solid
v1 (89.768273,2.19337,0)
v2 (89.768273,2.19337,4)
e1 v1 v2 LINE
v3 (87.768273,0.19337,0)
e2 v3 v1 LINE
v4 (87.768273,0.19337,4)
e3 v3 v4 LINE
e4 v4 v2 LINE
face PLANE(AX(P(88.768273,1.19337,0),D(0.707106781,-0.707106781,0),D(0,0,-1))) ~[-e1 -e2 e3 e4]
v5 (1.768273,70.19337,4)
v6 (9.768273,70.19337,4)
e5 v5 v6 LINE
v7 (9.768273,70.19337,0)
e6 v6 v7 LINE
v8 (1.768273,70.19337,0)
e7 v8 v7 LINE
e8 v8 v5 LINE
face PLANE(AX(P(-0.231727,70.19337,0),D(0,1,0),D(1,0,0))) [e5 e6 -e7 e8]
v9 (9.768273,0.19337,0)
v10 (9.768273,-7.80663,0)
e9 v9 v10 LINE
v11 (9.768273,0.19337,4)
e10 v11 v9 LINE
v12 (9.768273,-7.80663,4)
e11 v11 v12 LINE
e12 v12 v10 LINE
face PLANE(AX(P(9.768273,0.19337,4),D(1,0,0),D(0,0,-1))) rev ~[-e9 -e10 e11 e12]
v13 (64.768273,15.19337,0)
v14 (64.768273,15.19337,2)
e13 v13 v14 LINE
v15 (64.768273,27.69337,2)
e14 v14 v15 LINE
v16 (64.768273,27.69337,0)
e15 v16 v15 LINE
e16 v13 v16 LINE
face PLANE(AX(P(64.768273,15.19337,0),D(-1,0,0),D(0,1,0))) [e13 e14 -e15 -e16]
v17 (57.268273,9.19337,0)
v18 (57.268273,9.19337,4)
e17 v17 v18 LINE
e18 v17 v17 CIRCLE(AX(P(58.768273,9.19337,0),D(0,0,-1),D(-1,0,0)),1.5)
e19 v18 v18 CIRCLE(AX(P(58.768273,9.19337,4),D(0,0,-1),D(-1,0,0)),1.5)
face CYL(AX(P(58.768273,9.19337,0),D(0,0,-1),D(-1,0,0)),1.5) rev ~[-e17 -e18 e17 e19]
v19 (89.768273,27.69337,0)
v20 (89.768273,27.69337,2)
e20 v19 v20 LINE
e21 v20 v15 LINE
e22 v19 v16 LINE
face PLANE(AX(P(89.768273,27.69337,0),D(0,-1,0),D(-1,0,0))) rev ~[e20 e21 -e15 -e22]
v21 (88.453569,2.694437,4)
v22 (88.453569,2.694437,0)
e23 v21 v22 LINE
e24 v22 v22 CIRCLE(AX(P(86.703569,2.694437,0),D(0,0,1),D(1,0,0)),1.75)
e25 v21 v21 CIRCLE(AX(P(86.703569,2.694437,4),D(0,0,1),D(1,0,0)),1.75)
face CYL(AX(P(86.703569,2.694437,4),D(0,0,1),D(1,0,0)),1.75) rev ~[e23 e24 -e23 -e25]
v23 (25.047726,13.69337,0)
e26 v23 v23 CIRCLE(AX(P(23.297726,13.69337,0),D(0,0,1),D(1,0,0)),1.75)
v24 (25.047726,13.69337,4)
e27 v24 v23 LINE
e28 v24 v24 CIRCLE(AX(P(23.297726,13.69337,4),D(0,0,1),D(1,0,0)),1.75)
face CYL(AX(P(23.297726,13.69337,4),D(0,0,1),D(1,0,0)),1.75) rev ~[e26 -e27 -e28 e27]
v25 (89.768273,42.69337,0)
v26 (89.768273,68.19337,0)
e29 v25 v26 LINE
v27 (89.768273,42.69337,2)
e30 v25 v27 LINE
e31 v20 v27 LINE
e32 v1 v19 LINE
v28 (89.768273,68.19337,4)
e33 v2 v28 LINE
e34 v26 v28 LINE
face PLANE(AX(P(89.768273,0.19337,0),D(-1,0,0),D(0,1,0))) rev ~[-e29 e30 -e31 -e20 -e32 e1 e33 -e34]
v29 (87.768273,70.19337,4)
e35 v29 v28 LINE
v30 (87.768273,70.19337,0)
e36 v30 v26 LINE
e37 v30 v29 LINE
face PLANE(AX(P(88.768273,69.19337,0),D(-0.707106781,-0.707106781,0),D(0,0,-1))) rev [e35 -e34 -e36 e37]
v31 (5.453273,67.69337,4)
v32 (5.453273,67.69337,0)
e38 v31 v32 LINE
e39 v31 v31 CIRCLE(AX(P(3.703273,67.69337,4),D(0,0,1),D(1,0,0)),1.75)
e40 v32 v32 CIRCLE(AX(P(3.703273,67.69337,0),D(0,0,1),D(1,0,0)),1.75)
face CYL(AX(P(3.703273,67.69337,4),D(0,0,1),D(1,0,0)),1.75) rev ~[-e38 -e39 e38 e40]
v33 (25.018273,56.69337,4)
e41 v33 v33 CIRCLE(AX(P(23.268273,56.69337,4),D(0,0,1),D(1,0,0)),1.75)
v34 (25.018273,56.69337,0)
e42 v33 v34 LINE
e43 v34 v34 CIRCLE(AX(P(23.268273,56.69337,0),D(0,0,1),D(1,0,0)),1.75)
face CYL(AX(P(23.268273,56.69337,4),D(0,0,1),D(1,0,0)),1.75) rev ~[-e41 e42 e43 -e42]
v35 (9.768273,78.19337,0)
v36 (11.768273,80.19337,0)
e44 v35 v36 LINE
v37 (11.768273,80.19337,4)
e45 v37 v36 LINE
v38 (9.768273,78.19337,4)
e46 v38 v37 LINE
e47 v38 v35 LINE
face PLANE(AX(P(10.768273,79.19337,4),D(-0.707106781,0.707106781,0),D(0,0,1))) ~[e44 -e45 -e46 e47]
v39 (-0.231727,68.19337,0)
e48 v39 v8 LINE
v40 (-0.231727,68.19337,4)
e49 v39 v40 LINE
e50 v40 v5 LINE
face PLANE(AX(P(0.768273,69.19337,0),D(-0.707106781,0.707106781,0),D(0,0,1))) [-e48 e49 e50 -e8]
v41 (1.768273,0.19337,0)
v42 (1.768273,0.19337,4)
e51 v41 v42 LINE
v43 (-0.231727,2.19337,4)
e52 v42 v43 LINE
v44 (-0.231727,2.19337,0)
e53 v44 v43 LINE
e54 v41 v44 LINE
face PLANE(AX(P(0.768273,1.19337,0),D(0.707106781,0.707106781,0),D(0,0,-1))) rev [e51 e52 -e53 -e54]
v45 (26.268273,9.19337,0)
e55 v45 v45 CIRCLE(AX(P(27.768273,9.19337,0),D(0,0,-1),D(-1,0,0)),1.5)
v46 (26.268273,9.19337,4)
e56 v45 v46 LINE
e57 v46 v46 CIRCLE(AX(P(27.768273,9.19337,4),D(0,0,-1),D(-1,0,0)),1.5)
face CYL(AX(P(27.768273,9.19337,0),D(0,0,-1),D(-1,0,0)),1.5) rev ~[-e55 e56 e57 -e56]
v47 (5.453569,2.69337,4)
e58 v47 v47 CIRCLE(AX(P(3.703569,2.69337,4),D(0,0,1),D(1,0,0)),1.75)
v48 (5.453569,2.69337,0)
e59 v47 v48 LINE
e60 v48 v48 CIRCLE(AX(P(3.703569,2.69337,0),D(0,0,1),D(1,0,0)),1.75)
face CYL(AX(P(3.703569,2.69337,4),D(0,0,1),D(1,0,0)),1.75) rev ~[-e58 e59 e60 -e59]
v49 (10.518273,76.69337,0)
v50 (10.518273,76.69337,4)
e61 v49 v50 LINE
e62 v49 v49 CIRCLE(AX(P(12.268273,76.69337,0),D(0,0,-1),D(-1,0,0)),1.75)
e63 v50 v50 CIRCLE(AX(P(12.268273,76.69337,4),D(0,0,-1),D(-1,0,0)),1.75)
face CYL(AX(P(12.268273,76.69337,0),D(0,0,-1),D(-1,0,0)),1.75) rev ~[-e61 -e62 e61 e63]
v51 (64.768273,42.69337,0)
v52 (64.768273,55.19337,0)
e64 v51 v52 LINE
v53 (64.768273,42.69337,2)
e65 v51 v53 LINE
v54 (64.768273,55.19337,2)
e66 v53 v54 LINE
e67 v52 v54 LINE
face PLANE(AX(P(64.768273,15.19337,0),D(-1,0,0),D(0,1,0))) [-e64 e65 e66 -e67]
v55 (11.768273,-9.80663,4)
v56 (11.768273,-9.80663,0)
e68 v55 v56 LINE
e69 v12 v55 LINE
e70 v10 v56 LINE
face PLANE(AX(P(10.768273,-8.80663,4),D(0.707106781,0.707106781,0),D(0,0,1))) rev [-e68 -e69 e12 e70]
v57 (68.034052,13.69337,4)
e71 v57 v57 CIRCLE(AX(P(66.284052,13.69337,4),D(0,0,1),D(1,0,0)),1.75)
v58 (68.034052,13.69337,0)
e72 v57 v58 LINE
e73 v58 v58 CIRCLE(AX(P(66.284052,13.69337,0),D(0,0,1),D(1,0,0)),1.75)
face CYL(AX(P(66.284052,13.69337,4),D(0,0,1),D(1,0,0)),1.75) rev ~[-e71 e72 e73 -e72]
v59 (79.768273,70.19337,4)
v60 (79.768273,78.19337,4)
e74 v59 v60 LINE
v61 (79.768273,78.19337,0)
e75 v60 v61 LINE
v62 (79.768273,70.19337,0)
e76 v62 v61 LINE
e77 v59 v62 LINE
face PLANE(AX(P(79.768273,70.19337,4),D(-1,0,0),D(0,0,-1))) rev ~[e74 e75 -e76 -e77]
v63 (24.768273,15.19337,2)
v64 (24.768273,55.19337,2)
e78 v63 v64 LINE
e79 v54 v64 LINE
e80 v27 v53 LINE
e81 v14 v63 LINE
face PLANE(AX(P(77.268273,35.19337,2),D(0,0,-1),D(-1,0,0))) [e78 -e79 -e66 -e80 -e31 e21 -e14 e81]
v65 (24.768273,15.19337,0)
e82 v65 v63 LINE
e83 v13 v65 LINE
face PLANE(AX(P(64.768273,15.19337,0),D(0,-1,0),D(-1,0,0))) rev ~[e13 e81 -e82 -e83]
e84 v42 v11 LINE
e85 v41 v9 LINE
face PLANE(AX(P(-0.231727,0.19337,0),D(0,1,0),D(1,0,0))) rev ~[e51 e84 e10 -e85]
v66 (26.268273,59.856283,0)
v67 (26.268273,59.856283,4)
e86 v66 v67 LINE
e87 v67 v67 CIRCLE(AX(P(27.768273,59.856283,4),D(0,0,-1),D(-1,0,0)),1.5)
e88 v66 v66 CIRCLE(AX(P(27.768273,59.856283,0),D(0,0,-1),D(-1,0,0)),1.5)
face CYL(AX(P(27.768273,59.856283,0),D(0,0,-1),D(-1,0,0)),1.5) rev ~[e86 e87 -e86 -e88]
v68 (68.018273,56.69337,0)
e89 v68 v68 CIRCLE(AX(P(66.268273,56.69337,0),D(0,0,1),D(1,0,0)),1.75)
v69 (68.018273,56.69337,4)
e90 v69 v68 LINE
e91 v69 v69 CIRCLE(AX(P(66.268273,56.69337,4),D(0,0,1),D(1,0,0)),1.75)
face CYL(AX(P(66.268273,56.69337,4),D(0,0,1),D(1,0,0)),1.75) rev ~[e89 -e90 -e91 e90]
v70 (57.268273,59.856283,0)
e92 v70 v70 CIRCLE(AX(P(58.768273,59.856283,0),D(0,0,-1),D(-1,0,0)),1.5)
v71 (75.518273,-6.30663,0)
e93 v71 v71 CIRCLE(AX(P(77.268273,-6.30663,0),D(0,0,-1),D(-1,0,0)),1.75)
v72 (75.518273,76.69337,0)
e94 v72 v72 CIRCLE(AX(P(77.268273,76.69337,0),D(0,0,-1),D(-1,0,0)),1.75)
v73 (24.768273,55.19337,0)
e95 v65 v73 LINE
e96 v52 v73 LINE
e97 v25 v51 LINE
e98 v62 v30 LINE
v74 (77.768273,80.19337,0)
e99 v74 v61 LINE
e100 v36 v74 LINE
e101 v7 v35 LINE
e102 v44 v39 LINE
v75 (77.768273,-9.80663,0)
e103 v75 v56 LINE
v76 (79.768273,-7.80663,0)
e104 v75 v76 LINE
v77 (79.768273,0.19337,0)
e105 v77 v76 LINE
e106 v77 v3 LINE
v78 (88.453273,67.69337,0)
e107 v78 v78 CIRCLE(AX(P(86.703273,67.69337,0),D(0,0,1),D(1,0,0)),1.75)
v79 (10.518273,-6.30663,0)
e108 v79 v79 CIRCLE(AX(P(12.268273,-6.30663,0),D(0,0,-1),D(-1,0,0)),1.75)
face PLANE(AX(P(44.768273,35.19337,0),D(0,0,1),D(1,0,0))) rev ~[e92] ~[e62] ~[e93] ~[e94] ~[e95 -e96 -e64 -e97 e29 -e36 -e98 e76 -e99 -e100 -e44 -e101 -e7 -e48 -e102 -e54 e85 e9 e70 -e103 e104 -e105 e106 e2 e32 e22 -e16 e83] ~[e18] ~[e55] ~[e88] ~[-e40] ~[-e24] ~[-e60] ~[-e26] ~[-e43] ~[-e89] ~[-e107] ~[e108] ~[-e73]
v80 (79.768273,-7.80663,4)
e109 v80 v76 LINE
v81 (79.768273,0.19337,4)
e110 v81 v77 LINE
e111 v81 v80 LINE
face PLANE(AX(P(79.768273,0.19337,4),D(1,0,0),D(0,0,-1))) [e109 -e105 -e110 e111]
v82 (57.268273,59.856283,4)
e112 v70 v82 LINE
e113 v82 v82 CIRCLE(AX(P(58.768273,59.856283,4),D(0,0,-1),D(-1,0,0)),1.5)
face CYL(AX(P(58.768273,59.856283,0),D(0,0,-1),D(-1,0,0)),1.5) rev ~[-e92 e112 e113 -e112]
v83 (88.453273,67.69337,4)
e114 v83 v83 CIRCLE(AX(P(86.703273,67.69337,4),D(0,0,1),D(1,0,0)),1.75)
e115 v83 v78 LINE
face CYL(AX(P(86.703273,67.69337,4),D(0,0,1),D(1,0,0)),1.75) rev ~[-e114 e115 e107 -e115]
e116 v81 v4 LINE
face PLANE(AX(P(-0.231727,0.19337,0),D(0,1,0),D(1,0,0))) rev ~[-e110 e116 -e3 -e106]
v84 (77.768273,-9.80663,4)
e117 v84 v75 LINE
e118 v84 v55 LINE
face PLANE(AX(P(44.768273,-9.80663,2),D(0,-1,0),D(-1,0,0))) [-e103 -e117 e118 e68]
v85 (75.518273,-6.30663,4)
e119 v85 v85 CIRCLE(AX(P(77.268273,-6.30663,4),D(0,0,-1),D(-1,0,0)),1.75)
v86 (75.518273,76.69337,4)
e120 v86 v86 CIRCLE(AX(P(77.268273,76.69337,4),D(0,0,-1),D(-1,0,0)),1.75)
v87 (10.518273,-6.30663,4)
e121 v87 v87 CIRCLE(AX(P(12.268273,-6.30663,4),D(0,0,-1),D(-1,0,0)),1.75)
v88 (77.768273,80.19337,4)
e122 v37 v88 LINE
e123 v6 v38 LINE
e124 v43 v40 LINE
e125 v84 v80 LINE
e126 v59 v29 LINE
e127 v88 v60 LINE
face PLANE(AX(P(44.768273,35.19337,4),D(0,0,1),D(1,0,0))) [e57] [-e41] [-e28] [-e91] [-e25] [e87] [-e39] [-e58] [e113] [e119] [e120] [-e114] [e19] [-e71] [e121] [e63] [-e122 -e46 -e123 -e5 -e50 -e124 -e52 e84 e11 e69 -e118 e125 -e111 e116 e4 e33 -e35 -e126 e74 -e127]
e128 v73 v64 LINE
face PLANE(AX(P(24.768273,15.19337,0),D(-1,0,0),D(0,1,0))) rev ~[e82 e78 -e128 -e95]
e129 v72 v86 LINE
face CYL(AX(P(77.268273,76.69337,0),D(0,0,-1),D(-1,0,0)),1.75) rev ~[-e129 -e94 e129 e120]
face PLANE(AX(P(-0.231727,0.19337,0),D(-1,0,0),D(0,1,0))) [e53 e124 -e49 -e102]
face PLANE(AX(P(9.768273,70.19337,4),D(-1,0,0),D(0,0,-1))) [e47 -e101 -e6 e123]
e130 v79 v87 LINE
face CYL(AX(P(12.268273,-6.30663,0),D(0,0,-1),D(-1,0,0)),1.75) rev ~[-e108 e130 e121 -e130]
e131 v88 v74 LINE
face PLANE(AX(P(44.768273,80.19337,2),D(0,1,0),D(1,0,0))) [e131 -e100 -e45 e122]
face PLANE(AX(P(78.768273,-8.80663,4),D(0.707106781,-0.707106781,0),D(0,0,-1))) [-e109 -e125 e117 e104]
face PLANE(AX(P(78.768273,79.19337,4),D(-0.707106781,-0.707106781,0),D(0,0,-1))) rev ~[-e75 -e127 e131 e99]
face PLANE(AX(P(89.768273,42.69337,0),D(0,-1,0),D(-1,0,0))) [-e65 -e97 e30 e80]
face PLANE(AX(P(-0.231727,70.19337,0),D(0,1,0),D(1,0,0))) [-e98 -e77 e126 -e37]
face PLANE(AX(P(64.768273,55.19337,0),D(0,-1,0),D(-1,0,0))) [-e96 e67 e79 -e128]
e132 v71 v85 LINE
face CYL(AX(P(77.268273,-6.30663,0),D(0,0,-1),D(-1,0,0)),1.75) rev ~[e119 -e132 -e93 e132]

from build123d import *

# Parameters (mm, degrees)
SKETCH1_W           = 90
SKETCH1_H           = 70
BOSS_EXTRUDE1_DEPTH = 4
SKETCH2_R           = 1.75
CUT_EXTRUDE1_DEPTH  = 5
CHAMFER1_SIZE       = 2
CHAMFER2_SIZE       = 2
CHAMFER3_SIZE       = 2
CHAMFER4_SIZE       = 2
SKETCH5_W           = 70
SKETCH5_H           = 4
BOSS_EXTRUDE3_DEPTH = 10
SKETCH4_W           = 70
SKETCH4_H           = 4
BOSS_EXTRUDE4_DEPTH = 10
SKETCH6_R           = 1.75
CUT_EXTRUDE2_DEPTH  = 10
CHAMFER5_SIZE       = 2
SKETCH7_W           = 40
SKETCH7_H           = 40
CUT_EXTRUDE3_DEPTH  = 2
SKETCH8_W           = 25
SKETCH8_H           = 15
CUT_EXTRUDE4_DEPTH  = 2
SKETCH9_R           = 1.5
CUT_EXTRUDE5_DEPTH  = 4


with BuildPart() as part:
    # Sketch1 → Boss-Extrude1 (new body)
    with BuildSketch(Plane.XY):
        with Locations((44.768273235, 35.193370166)):
            Rectangle(SKETCH1_W, SKETCH1_H)
    extrude(amount=BOSS_EXTRUDE1_DEPTH)

    # Sketch2 → Cut-Extrude1 (cut)
    with BuildSketch(Plane.XY.offset(4)):
        with Locations((3.703568783, 2.693370166)):
            Circle(SKETCH2_R)
        with Locations((86.703568783, 2.694436567)):
            Circle(SKETCH2_R)
        with Locations((86.703273235, 67.693370166)):
            Circle(SKETCH2_R)
        with Locations((3.703273235, 67.693370166)):
            Circle(SKETCH2_R)
        with Locations((23.297725672, 13.693370166)):
            Circle(SKETCH2_R)
        with Locations((66.284051901, 13.693370166)):
            Circle(SKETCH2_R)
        with Locations((66.268273235, 56.693370166)):
            Circle(SKETCH2_R)
        with Locations((23.268273235, 56.693370166)):
            Circle(SKETCH2_R)
    extrude(amount=-CUT_EXTRUDE1_DEPTH, mode=Mode.SUBTRACT)

    # Chamfer1
    chamfer1_edges = [part.edges().sort_by_distance(p)[0] for p in [
        (89.768273235, 0.193370166, 2),
    ]]
    chamfer(chamfer1_edges, length=CHAMFER1_SIZE)

    # Chamfer2
    chamfer2_edges = [part.edges().sort_by_distance(p)[0] for p in [
        (-0.231726765, 0.193370166, 2),
    ]]
    chamfer(chamfer2_edges, length=CHAMFER2_SIZE)

    # Chamfer3
    chamfer3_edges = [part.edges().sort_by_distance(p)[0] for p in [
        (-0.231726765, 70.193370166, 2),
    ]]
    chamfer(chamfer3_edges, length=CHAMFER3_SIZE)

    # Chamfer4
    chamfer4_edges = [part.edges().sort_by_distance(p)[0] for p in [
        (89.768273235, 70.193370166, 2),
    ]]
    chamfer(chamfer4_edges, length=CHAMFER4_SIZE)

    # Sketch5 → Boss-Extrude3 (add)
    with BuildSketch(Plane(origin=(0, 70.193370166, 0), x_dir=(1, 0, 0), z_dir=(0, 1, 0))):
        with Locations((44.768273235, -2)):
            Rectangle(SKETCH5_W, SKETCH5_H)
    extrude(amount=BOSS_EXTRUDE3_DEPTH)

    # Sketch4 → Boss-Extrude4 (add)
    with BuildSketch(Plane(origin=(0, 0.193370166, 0), x_dir=(-1, 0, 0), z_dir=(0, -1, 0))):
        with Locations((-44.768273235, -2)):
            Rectangle(SKETCH4_W, SKETCH4_H)
    extrude(amount=BOSS_EXTRUDE4_DEPTH)

    # Sketch6 → Cut-Extrude2 (cut)
    with BuildSketch(Plane(origin=(0, 0, 0), x_dir=(-1, 0, 0), z_dir=(0, 0, -1))):
        with Locations((-12.268273235, 76.693370166)):
            Circle(SKETCH6_R)
        with Locations((-77.268273235, 76.693370166)):
            Circle(SKETCH6_R)
        with Locations((-77.268273235, -6.306629834)):
            Circle(SKETCH6_R)
        with Locations((-12.268273235, -6.306629834)):
            Circle(SKETCH6_R)
    extrude(amount=-CUT_EXTRUDE2_DEPTH, mode=Mode.SUBTRACT)

    # Chamfer5
    chamfer5_edges = [part.edges().sort_by_distance(p)[0] for p in [
        (9.768273235, 80.193370166, 2),
        (79.768273235, 80.193370166, 2),
        (9.768273235, -9.806629834, 2),
        (79.768273235, -9.806629834, 2),
    ]]
    chamfer(chamfer5_edges, length=CHAMFER5_SIZE)

    # Sketch7 → Cut-Extrude3 (cut)
    with BuildSketch(Plane(origin=(0, 0, 0), x_dir=(-1, 0, 0), z_dir=(0, 0, -1))):
        with Locations((-44.768273235, 35.193370166)):
            Rectangle(SKETCH7_W, SKETCH7_H)
    extrude(amount=-CUT_EXTRUDE3_DEPTH, mode=Mode.SUBTRACT)

    # Sketch8 → Cut-Extrude4 (cut)
    with BuildSketch(Plane(origin=(0, 0, 0), x_dir=(-1, 0, 0), z_dir=(0, 0, -1))):
        with Locations((-77.268273235, 35.193370166)):
            Rectangle(SKETCH8_W, SKETCH8_H)
    extrude(amount=-CUT_EXTRUDE4_DEPTH, mode=Mode.SUBTRACT)

    # Sketch9 → Cut-Extrude5 (cut)
    with BuildSketch(Plane(origin=(0, 0, 0), x_dir=(-1, 0, 0), z_dir=(0, 0, -1))):
        with Locations((-27.768273235, 9.193370166)):
            Circle(SKETCH9_R)
        with Locations((-58.768273235, 9.193370166)):
            Circle(SKETCH9_R)
        with Locations((-27.768273235, 59.856282799)):
            Circle(SKETCH9_R)
        with Locations((-58.768273235, 59.856282799)):
            Circle(SKETCH9_R)
    extrude(amount=-CUT_EXTRUDE5_DEPTH, mode=Mode.SUBTRACT)


solid = part.part
